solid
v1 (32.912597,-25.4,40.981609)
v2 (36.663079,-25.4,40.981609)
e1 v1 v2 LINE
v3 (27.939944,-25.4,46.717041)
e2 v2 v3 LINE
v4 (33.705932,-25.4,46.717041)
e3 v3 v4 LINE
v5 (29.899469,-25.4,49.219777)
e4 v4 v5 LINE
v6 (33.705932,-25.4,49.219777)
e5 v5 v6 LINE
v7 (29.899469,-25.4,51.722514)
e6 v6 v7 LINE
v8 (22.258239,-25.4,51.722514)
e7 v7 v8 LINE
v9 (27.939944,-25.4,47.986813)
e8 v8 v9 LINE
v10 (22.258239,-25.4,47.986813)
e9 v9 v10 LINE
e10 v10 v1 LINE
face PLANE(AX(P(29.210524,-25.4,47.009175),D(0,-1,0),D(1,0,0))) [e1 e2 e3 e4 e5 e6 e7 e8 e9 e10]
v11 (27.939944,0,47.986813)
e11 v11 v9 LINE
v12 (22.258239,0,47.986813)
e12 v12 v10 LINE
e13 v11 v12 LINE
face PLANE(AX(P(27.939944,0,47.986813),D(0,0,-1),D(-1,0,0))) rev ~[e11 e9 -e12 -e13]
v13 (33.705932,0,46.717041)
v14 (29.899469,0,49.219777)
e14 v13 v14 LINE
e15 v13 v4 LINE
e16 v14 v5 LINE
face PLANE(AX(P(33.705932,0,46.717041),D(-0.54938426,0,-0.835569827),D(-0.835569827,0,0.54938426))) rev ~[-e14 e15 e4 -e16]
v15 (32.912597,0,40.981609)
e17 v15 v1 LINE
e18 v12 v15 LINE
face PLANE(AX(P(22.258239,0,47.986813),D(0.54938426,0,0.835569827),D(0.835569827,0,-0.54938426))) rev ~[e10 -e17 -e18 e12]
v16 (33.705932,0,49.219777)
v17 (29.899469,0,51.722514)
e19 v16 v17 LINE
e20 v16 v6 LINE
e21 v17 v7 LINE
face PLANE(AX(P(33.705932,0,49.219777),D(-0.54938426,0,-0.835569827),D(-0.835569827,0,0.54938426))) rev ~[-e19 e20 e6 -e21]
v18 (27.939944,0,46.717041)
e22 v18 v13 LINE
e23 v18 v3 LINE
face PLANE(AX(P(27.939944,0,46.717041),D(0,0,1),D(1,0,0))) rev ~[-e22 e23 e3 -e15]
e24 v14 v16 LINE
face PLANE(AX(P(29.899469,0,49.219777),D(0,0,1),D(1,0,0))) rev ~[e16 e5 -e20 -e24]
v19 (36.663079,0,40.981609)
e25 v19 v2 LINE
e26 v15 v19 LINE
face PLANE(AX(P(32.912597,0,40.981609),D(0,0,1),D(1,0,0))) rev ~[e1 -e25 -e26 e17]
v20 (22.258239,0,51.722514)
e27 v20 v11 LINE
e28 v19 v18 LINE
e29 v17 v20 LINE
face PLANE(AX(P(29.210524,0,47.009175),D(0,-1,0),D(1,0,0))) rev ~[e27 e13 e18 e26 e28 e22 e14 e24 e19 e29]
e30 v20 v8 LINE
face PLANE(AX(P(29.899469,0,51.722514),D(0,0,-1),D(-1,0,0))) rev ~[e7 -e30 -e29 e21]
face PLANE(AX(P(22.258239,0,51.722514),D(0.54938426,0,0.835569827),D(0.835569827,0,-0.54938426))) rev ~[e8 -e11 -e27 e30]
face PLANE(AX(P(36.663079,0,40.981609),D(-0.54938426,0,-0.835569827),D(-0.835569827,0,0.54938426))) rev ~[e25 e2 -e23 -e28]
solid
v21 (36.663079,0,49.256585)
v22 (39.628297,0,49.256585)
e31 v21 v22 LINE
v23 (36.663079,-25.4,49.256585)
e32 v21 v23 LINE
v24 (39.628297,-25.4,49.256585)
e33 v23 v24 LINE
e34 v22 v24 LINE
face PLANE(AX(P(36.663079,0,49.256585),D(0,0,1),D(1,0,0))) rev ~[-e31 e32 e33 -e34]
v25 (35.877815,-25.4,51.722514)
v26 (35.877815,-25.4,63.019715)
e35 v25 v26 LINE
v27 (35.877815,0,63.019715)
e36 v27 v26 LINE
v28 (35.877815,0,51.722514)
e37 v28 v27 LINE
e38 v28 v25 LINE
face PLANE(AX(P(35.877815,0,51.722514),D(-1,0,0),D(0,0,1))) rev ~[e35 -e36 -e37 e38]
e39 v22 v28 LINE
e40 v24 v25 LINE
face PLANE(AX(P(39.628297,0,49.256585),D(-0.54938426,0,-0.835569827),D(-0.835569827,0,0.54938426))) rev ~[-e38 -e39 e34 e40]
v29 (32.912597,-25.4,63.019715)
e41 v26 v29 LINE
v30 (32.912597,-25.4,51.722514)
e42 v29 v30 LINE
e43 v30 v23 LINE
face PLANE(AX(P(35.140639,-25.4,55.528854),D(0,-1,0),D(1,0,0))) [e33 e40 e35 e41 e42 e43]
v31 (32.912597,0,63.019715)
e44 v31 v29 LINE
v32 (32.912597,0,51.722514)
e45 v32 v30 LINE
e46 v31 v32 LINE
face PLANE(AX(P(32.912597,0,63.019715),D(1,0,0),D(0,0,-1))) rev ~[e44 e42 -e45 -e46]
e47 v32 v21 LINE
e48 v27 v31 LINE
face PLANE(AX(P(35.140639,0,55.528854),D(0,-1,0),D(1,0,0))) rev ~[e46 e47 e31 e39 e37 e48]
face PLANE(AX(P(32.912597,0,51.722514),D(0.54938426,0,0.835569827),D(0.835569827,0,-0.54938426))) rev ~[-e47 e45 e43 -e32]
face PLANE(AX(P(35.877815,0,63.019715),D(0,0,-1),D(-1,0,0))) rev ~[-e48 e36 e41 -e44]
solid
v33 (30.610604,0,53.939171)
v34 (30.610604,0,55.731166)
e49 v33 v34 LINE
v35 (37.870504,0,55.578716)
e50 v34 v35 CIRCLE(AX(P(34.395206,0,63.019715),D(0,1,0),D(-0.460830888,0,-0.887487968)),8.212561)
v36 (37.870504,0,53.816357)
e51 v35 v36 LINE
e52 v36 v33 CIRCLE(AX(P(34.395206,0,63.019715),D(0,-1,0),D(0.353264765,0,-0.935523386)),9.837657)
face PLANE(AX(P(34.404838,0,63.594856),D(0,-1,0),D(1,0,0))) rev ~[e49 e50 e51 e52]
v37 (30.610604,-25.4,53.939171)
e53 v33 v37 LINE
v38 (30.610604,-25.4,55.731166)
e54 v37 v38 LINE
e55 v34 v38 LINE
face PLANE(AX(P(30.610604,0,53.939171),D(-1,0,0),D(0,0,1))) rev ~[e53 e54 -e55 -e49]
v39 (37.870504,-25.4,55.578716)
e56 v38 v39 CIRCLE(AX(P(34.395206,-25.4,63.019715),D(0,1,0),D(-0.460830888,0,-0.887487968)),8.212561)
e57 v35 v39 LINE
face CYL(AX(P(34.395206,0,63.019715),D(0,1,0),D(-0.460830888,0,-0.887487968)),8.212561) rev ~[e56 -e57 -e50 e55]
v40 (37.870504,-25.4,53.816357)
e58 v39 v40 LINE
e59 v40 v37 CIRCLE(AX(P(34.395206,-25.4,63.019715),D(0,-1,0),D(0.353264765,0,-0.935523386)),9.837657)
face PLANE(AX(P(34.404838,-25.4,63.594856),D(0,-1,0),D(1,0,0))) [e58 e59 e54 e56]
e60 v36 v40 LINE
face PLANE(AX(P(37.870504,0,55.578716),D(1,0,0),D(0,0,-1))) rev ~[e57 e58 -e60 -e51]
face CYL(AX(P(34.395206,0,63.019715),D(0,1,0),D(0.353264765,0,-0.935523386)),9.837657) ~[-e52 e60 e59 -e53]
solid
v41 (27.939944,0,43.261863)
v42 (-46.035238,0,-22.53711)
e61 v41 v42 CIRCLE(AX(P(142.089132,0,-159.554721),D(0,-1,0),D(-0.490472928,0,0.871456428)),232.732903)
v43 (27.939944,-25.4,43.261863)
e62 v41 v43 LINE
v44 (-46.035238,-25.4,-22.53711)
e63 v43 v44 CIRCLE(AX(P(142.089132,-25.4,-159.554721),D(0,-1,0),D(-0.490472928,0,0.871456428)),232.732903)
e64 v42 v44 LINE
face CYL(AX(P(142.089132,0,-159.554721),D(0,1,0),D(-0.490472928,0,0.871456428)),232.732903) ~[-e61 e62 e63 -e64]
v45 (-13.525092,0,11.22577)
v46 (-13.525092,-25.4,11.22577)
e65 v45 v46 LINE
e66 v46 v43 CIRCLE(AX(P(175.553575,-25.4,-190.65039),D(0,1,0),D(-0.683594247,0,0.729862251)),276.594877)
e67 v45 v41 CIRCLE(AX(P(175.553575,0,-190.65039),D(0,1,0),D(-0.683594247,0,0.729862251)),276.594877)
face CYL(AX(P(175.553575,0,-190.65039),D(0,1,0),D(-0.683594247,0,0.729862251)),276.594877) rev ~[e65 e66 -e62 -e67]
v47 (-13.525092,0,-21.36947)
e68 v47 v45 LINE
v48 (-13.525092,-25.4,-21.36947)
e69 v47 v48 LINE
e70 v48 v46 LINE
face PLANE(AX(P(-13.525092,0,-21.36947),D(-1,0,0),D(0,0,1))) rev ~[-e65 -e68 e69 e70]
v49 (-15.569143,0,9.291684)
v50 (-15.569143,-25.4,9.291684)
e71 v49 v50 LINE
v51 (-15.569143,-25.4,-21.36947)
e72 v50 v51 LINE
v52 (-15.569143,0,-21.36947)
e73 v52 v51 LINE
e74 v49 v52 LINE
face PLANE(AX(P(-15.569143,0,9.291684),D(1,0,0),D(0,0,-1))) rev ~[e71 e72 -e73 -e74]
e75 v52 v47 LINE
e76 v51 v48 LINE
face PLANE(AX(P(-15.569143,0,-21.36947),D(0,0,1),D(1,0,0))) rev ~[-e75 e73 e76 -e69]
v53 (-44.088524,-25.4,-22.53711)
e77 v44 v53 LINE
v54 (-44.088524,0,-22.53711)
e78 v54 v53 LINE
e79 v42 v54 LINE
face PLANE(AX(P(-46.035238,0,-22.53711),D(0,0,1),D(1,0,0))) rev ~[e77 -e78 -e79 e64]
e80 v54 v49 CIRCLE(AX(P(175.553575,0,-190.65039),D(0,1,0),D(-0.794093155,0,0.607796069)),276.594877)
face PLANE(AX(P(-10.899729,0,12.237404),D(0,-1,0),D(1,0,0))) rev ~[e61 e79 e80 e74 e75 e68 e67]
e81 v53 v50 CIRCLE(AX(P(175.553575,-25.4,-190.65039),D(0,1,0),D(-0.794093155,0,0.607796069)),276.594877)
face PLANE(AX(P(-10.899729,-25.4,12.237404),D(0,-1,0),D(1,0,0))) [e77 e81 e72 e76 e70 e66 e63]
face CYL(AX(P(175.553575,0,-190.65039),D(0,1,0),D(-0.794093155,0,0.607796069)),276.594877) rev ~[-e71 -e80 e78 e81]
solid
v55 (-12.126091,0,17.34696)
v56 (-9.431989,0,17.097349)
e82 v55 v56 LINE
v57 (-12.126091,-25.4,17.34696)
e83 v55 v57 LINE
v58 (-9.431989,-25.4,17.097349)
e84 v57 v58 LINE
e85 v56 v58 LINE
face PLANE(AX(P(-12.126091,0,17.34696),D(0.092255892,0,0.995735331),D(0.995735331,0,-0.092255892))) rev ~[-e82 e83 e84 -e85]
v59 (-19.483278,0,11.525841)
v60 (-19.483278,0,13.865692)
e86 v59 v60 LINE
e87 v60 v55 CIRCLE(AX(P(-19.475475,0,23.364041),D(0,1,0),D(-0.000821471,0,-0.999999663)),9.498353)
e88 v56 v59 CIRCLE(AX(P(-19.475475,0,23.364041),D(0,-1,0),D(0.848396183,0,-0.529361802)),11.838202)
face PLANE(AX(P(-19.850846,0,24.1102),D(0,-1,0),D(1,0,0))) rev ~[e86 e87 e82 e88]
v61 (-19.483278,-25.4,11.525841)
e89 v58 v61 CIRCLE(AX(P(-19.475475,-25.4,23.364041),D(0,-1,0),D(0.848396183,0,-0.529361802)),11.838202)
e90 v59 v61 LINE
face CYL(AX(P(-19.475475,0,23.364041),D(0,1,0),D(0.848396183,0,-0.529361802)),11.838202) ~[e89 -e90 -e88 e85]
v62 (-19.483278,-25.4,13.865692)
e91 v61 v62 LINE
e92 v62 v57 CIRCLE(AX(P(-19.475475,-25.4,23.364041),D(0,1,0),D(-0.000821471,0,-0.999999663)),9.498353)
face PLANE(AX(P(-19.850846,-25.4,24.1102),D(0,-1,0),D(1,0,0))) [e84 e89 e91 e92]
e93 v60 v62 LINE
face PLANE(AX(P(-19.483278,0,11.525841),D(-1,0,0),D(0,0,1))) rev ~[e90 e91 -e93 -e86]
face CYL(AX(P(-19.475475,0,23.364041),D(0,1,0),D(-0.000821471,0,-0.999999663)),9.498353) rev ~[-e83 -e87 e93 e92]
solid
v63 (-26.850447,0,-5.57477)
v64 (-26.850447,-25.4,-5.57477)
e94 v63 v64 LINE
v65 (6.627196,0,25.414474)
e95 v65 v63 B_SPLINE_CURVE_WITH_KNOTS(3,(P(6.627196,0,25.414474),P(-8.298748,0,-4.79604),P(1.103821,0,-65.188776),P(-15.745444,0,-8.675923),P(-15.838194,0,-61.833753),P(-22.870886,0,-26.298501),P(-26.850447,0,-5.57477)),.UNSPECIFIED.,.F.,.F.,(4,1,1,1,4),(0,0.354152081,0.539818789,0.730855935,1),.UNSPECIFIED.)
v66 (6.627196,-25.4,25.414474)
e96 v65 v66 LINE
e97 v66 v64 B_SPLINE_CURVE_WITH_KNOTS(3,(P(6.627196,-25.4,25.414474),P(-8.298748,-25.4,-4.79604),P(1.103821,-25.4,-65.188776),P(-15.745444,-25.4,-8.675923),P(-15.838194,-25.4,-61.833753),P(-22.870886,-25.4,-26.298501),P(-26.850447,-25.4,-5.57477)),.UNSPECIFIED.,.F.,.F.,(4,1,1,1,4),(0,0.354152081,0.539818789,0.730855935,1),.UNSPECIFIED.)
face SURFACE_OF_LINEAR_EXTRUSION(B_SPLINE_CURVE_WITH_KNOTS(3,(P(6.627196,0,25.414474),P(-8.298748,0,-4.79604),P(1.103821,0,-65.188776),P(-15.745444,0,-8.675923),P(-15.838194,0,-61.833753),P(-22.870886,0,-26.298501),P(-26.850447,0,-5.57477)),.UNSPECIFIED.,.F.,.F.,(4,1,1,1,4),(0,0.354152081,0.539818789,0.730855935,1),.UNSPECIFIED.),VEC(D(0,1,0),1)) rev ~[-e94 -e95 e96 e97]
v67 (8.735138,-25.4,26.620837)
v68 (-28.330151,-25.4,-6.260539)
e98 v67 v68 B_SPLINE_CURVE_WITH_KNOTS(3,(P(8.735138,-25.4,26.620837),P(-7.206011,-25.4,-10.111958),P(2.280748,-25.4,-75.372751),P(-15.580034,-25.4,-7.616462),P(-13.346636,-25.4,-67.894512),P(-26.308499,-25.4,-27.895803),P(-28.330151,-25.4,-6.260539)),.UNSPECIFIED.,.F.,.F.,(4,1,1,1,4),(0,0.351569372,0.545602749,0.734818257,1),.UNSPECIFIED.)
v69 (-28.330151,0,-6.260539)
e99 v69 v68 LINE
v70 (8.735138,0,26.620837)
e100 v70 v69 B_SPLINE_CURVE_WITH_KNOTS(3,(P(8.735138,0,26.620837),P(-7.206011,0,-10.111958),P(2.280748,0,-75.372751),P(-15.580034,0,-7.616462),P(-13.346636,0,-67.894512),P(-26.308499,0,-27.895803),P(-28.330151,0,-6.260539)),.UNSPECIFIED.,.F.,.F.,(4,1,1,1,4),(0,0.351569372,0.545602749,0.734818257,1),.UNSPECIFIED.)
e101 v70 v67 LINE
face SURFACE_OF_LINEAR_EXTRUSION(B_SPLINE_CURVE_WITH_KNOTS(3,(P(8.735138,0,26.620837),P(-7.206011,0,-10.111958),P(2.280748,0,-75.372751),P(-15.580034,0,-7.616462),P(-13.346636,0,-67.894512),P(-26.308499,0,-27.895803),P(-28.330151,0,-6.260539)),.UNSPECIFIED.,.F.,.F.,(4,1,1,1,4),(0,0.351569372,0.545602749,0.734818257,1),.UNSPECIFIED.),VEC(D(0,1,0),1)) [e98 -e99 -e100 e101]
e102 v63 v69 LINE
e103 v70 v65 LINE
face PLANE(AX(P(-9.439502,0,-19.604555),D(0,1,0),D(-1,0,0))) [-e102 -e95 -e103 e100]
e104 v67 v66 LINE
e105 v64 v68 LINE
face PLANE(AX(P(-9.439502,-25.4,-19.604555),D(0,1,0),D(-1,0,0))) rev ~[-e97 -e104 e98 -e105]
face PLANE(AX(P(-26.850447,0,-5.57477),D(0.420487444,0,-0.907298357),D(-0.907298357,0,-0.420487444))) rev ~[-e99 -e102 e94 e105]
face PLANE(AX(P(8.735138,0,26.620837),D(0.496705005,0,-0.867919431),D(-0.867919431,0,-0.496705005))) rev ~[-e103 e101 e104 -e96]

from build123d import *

# Parameters (mm, degrees)
F1_DEPTH = 25.4


with BuildPart() as f1:
    # F0 (on Front) → F1 (new body)
    with BuildSketch(Plane.XZ):
        with BuildLine():
            Line((-12.1260912154, 17.3469602549), (-9.4319894477, 17.0973489825))
            ThreePointArc((-9.4319894477, 17.0973489825), (-25.2147394402, 33.7179713226), (-19.4832775742, 11.5258414298))
            Line((-19.4832775742, 11.5258414298), (-19.4832775742, 13.8656916097))
            ThreePointArc((-19.4832775742, 13.8656916097), (-23.5380494049, 31.9497378774), (-12.1260912154, 17.3469602549))
        make_face()
    extrude(amount=F1_DEPTH)


with BuildPart() as f1b:
    # F0 (on Front) → F1, piece 2 (new body)
    with BuildSketch(Plane.XZ):
        with BuildLine():
            ThreePointArc((-13.5250920432, 11.2257702138), (6.447088509, 28.2279383753), (27.9399435968, 43.2618632912))
            ThreePointArc((27.9399435968, 43.2618632912), (8.6113292142, 31.0975285002), (-9.4319894477, 17.0973489825))
            ThreePointArc((-9.4319894477, 17.0973489825), (-28.8859758125, -1.6556501415), (-46.0352376104, -22.5371103734))
            Line((-46.0352376104, -22.5371103734), (-44.0885238349, -22.5371103734))
            ThreePointArc((-44.0885238349, -22.5371103734), (-30.4444874395, -6.0710719507), (-15.5691429974, 9.2916842548))
            ThreePointArc((-15.5691429974, 9.2916842548), (-14.5495771801, 10.2613267413), (-13.5250920432, 11.2257702138))
        make_face()
        with BuildLine():
            Line((-13.5250920432, -21.3694699444), (-13.5250920432, 11.2257702138))
            ThreePointArc((-13.5250920432, 11.2257702138), (-14.5495771801, 10.2613267413), (-15.5691429974, 9.2916842548))
            Line((-15.5691429974, 9.2916842548), (-15.5691429974, -21.3694699444))
            Line((-15.5691429974, -21.3694699444), (-13.5250920432, -21.3694699444))
        make_face()
    extrude(amount=F1_DEPTH)


with BuildPart() as f1c:
    # F0 (on Front) → F1, piece 3 (new body)
    with BuildSketch(Plane.XZ):
        with BuildLine():
            add(Edge.make_bspline(
                [(8.7351379915, 26.6208369284), (-7.2060106323, -10.1119577886), (2.2807480493, -75.3727510588), (-15.5800335142, -7.6164624317), (-13.3466355849, -67.8945118882), (-26.3084992767, -27.8958026321), (-28.3301509918, -6.2605386278)],
                knots=[0, 0, 0, 0, 0.3515693723, 0.5456027494, 0.7348182571, 1, 1, 1, 1], degree=3))
            Line((8.7351379915, 26.6208369284), (6.6271955541, 25.4144743084))
            add(Edge.make_bspline(
                [(6.6271955541, 25.4144743084), (-8.2987481729, -4.7960397789), (1.1038209178, -65.1887760685), (-15.7454442308, -8.6759232085), (-15.838194033, -61.8337528844), (-22.8708859313, -26.2985006771), (-26.8504470588, -5.5747698062)],
                knots=[0, 0, 0, 0, 0.3541520805, 0.5398187892, 0.7308559347, 1, 1, 1, 1], degree=3))
            Line((-26.8504470588, -5.5747698062), (-28.3301509918, -6.2605386278))
        make_face()
    extrude(amount=F1_DEPTH)


with BuildPart() as f1d:
    # F0 (on Front) → F1, piece 4 (new body)
    with BuildSketch(Plane.XZ):
        Polygon((22.2582388669, 47.9868128896), (32.9125970602, 40.9816093743), (36.6630792152, 40.9816093743), (27.9399435968, 46.7170407527), (33.7059322978, 46.7170407527), (29.8994686455, 49.2197773864), (33.7059322978, 49.2197773864), (29.8994686455, 51.72251402), (22.2582388669, 51.72251402), (27.9399435968, 47.9868128896), align=None)
    extrude(amount=F1_DEPTH)


with BuildPart() as f1e:
    # F0 (on Front) → F1, piece 5 (new body)
    with BuildSketch(Plane.XZ):
        Polygon((32.9125970602, 63.0197152495), (32.9125970602, 51.72251402), (36.6630792152, 49.2565850264), (39.6282970905, 49.2565850264), (35.8778149355, 51.72251402), (35.8778149355, 63.0197152495), align=None)
    extrude(amount=F1_DEPTH)


with BuildPart() as f1f:
    # F0 (on Front) → F1, piece 6 (new body)
    with BuildSketch(Plane.XZ):
        with BuildLine():
            ThreePointArc((37.8705035337, 53.8163572143), (34.5616033975, 72.8559647377), (30.6106042117, 53.9391711354))
            Line((30.6106042117, 53.9391711354), (30.6106042117, 55.7311661541))
            ThreePointArc((30.6106042117, 55.7311661541), (34.5676227044, 71.2304661942), (37.8705035337, 55.5787162821))
            Line((37.8705035337, 55.5787162821), (37.8705035337, 53.8163572143))
        make_face()
    extrude(amount=F1_DEPTH)


solid = Compound([f1.part, f1b.part, f1c.part, f1d.part, f1e.part, f1f.part])
